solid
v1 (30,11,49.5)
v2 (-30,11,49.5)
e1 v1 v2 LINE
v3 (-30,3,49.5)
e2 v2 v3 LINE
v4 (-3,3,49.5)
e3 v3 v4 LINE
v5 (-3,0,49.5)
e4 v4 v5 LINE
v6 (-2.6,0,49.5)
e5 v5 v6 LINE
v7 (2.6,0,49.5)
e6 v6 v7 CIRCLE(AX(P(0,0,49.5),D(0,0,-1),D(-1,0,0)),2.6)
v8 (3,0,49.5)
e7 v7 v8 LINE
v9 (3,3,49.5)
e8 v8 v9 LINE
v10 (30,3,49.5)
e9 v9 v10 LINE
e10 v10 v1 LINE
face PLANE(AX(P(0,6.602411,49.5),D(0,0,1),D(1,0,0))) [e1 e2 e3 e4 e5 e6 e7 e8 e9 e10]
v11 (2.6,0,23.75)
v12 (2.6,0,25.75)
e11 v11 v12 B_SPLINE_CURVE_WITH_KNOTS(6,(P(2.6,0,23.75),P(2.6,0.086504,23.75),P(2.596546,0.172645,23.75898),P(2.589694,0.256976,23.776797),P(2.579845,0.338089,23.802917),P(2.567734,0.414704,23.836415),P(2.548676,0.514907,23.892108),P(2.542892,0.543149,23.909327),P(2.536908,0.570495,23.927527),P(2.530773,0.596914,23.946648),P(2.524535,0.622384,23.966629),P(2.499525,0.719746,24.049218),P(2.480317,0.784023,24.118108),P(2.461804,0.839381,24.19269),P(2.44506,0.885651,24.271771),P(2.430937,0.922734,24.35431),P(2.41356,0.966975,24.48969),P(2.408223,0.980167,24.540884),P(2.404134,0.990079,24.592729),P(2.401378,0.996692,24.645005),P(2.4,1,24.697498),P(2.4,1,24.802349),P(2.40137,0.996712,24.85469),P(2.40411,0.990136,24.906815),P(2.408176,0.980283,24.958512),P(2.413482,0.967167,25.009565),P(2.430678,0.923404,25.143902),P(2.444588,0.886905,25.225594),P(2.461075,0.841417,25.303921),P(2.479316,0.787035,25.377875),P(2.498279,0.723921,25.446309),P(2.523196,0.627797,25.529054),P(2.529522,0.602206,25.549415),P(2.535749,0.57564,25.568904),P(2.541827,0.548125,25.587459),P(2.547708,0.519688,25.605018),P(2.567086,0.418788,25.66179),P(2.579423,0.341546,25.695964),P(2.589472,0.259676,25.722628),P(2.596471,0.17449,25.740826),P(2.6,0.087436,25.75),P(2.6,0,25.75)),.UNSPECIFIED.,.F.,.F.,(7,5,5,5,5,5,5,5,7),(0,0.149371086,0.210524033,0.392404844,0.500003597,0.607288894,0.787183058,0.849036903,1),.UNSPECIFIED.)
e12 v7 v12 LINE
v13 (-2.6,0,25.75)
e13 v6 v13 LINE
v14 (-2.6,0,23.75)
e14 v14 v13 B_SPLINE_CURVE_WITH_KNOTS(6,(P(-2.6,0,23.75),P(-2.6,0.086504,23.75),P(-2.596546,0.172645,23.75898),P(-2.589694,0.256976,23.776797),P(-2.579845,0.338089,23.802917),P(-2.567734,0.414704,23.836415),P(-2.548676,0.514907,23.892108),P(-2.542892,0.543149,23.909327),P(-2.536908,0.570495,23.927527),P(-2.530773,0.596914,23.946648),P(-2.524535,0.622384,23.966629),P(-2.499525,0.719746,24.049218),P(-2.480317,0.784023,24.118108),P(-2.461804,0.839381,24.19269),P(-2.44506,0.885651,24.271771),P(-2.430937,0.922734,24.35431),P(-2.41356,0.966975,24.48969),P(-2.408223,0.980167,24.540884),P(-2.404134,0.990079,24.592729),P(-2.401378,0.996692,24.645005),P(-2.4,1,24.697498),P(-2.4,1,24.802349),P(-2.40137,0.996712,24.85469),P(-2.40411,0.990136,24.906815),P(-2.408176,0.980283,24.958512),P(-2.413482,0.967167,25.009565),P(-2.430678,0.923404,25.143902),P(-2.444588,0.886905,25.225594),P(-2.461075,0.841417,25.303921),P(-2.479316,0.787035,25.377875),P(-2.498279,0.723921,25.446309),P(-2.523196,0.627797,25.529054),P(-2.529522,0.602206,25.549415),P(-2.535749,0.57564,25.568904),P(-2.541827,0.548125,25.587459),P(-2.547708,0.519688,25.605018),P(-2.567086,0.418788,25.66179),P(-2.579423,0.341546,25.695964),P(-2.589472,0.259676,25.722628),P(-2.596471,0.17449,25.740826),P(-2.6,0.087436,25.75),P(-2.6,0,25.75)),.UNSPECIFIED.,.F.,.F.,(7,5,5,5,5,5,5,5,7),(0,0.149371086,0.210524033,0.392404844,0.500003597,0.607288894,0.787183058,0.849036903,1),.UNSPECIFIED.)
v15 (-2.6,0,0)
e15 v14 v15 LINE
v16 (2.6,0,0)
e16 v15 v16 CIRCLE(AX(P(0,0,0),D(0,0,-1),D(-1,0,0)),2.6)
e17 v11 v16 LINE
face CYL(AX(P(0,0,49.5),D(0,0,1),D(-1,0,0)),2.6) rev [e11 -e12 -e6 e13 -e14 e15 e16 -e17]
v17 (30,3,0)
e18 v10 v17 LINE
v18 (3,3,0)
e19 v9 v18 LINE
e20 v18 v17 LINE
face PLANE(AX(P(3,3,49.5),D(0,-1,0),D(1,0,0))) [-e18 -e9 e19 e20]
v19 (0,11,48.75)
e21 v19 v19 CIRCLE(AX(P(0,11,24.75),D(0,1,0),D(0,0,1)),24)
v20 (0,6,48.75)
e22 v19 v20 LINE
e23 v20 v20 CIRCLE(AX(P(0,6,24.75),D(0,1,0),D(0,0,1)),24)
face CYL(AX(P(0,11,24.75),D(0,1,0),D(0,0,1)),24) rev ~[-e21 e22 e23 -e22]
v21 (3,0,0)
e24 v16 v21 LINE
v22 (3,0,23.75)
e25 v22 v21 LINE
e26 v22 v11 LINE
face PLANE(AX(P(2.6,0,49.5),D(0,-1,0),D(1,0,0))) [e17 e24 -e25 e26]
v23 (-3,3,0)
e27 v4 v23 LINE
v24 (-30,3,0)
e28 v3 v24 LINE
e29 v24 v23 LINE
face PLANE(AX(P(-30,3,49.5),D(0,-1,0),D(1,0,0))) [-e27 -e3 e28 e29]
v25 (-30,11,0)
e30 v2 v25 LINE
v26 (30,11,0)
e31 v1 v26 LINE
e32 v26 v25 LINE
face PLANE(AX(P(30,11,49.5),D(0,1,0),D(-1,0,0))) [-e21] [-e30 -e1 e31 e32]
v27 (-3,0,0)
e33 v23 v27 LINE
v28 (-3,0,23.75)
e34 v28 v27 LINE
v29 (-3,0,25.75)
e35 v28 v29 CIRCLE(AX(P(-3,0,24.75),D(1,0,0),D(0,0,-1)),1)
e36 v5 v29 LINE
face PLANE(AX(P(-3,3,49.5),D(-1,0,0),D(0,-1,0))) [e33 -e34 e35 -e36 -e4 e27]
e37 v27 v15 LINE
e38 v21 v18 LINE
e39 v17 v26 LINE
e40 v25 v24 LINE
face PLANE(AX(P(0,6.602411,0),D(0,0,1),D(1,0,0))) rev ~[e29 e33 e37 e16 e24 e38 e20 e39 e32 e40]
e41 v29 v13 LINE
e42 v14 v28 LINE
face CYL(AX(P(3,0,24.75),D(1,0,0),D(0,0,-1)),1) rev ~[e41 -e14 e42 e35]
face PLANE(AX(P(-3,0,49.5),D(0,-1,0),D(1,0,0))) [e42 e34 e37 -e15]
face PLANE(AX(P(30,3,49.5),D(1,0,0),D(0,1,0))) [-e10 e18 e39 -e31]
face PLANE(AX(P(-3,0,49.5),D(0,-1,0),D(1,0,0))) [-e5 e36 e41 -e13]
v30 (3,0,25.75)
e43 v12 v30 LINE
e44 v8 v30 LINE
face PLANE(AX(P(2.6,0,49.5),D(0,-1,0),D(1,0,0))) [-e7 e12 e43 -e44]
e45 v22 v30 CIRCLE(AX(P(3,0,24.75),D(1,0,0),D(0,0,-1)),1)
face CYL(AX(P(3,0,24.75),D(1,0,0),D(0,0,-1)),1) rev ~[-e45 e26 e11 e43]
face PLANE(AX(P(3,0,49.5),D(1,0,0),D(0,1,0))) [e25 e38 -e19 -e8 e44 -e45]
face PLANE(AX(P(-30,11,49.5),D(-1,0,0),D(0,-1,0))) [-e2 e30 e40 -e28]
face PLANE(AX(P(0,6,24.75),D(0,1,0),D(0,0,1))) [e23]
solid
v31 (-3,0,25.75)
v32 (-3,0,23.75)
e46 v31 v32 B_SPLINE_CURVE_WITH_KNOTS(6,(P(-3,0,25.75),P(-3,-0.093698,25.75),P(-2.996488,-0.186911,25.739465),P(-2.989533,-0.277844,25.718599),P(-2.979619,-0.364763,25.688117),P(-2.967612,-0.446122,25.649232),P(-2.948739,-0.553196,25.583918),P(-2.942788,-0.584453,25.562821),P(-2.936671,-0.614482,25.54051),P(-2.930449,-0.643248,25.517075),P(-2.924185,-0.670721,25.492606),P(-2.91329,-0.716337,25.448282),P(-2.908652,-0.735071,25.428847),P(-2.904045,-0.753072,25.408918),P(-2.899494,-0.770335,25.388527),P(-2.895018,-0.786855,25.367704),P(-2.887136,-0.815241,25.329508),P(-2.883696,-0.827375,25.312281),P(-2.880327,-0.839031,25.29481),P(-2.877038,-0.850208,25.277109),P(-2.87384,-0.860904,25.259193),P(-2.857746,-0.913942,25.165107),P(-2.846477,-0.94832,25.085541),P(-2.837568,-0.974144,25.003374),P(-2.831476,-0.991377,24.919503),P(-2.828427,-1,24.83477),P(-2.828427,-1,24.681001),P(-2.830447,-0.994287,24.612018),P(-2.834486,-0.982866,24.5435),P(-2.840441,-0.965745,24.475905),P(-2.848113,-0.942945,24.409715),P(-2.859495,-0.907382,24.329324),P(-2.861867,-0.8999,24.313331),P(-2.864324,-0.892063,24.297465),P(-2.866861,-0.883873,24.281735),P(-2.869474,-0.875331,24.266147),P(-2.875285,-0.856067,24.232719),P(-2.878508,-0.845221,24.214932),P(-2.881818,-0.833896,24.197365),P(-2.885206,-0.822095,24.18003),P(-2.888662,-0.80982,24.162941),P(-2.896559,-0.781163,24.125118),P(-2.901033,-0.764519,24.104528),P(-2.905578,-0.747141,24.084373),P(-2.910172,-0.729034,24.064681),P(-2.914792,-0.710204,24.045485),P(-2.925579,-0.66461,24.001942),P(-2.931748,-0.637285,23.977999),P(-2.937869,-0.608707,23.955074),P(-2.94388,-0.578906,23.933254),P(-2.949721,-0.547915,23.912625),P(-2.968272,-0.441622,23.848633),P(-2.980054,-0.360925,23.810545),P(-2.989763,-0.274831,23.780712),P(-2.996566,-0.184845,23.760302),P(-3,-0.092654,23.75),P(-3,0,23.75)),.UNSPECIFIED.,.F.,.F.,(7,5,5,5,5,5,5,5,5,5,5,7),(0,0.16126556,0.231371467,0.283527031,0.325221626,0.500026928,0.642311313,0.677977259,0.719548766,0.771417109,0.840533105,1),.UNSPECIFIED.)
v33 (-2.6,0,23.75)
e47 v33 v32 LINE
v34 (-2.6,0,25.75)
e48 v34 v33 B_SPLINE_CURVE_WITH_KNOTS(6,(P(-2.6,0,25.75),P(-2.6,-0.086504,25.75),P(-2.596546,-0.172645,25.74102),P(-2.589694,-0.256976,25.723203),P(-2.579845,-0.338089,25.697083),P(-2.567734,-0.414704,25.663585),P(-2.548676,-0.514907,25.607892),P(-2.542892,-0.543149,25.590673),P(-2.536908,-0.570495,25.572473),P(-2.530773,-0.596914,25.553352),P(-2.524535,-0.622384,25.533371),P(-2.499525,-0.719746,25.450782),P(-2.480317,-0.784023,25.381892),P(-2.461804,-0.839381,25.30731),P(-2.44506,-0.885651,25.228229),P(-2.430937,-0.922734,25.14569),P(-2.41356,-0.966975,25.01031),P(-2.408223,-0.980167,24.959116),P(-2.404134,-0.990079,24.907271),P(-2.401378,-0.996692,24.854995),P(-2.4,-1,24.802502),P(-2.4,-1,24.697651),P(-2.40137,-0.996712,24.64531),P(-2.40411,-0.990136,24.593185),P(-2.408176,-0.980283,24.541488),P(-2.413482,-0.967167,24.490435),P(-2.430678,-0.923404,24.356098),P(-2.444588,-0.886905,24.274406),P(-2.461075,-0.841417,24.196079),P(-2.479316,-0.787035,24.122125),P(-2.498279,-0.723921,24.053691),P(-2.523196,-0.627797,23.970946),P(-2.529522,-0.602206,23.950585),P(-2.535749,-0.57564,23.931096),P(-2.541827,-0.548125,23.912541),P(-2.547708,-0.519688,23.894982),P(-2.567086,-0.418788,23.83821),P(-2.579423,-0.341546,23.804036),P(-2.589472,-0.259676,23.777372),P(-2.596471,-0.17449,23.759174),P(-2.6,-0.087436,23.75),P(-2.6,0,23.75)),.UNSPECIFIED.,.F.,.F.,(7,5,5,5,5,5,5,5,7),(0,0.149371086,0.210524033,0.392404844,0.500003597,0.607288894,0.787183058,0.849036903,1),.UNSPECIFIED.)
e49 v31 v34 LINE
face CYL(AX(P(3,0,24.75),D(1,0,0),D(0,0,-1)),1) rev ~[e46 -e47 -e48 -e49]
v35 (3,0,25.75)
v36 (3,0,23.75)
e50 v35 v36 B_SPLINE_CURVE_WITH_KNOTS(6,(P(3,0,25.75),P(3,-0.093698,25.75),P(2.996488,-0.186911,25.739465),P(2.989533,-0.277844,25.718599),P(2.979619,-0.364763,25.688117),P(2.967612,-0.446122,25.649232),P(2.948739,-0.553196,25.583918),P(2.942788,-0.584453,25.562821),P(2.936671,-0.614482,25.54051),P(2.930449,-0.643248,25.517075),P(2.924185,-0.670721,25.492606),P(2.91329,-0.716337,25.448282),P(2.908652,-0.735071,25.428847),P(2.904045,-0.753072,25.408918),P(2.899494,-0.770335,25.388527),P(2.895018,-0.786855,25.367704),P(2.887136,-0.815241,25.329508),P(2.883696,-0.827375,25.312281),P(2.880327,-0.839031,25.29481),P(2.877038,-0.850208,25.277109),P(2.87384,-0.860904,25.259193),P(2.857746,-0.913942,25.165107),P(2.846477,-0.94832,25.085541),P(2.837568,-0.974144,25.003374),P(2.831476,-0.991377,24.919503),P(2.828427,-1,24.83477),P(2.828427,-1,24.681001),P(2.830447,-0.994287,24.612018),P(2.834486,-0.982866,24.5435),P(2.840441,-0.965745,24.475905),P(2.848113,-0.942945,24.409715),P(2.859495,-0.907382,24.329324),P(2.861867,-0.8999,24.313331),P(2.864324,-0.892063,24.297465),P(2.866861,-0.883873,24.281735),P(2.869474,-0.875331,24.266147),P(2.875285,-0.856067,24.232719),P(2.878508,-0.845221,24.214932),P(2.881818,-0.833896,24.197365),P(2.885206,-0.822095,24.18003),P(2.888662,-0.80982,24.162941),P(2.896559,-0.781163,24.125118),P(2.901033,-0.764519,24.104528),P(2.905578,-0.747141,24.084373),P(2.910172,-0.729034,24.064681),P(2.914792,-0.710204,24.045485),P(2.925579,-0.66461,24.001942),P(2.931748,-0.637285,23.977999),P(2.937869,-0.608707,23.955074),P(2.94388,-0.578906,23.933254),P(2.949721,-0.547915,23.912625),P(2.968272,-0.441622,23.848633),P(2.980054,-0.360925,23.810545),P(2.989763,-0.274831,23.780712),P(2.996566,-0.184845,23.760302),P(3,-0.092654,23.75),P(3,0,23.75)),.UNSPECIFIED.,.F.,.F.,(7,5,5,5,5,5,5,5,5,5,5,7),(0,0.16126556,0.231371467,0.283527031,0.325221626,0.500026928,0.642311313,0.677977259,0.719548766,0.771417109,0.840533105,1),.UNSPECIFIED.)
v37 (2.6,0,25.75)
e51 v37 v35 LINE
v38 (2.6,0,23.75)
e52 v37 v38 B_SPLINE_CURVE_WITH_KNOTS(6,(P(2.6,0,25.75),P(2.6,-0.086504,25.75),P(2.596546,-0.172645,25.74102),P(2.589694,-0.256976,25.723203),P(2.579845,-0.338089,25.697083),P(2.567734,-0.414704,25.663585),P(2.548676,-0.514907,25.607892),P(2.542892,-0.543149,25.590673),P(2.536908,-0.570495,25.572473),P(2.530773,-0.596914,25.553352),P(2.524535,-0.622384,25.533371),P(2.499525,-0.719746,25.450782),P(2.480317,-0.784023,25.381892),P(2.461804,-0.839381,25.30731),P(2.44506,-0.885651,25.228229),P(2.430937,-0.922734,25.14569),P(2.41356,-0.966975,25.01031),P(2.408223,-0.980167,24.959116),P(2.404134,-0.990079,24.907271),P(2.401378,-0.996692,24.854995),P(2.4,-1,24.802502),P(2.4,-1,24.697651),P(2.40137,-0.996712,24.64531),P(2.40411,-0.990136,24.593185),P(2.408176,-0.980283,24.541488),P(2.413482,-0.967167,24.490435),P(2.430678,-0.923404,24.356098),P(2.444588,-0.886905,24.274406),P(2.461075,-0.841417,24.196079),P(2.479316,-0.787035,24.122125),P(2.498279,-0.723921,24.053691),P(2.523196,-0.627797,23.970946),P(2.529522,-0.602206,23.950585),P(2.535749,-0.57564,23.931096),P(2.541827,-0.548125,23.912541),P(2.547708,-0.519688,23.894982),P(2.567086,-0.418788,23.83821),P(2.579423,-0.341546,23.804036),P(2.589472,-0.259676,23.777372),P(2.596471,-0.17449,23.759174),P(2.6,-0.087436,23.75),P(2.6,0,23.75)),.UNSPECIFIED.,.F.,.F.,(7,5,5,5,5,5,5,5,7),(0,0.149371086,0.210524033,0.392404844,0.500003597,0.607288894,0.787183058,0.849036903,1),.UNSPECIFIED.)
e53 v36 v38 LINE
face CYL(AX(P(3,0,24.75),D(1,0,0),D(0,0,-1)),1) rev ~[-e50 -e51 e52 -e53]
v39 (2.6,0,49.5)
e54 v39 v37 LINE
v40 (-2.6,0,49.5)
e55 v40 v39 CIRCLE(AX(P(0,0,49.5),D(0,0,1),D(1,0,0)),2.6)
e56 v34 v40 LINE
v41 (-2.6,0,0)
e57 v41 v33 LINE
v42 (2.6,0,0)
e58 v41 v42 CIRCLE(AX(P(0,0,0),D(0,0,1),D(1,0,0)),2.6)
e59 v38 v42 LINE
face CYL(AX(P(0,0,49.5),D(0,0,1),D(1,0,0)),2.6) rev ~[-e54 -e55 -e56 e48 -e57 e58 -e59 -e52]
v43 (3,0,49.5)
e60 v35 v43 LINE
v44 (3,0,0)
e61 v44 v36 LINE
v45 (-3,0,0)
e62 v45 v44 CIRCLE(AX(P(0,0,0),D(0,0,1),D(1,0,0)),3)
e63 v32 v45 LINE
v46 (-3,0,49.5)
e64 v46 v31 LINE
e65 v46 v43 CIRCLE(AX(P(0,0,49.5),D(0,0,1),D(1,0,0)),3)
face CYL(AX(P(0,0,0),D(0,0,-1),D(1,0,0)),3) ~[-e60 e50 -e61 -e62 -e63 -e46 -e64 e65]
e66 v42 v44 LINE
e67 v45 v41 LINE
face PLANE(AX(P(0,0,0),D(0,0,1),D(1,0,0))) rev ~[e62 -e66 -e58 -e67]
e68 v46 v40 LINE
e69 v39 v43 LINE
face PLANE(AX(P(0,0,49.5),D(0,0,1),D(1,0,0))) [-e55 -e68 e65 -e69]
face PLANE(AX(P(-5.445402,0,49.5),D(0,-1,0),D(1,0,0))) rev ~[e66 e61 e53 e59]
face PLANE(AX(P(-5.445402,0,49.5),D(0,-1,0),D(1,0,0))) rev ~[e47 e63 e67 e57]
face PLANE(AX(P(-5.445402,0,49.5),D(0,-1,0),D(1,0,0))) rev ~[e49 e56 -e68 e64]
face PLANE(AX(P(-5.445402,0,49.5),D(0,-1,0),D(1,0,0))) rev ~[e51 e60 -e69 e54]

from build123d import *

# Parameters (mm, degrees)
SKETCH2_R           = 3
BOSS_EXTRUDE1_DEPTH = 49.5
SKETCH4_R           = 2.6
CUT_EXTRUDE1_DEPTH  = 49.5
SKETCH5_W           = 18.579549567
SKETCH5_H           = 4.34209906
CUT_EXTRUDE2_DEPTH  = 49.5
BOSS_EXTRUDE2_DEPTH = 49.5
SKETCH6_R           = 24
CUT_EXTRUDE3_DEPTH  = 5
SKETCH9_R           = 1
CUT_EXTRUDE5_DEPTH  = 10


with BuildPart() as part:
    # Sketch2 → Boss-Extrude1 (new body)
    with BuildSketch(Plane.XY):
        Circle(SKETCH2_R)
    extrude(amount=BOSS_EXTRUDE1_DEPTH)

    # Sketch4 → Cut-Extrude1 (cut)
    with BuildSketch(Plane.XY.offset(49.5)):
        Circle(SKETCH4_R)
    extrude(amount=-CUT_EXTRUDE1_DEPTH, mode=Mode.SUBTRACT)

    # Sketch5 → Cut-Extrude2 (cut)
    with BuildSketch(Plane.XY.offset(49.5)):
        with Locations((3.844372333, 2.17104953)):
            Rectangle(SKETCH5_W, SKETCH5_H)
    extrude(amount=-CUT_EXTRUDE2_DEPTH, mode=Mode.SUBTRACT)


with BuildPart() as body_2:
    # Sketch3 → Boss-Extrude2 (new body)
    with BuildSketch(Plane.XY.offset(49.5)):
        with BuildLine():
            Line((3, 0), (3, 3))
            Line((3, 3), (30, 3))
            Line((30, 3), (30, 11))
            Line((30, 11), (-30, 11))
            Line((-30, 11), (-30, 3))
            Line((-30, 3), (-3, 3))
            Line((-3, 3), (-3, 0))
            Line((-3, 0), (-2.6, 0))
            ThreePointArc((-2.6, 0), (0, 2.6), (2.6, 0))
            Line((2.6, 0), (3, 0))
        make_face()
    extrude(amount=-BOSS_EXTRUDE2_DEPTH)

    # Sketch6 → Cut-Extrude3 (cut)
    with BuildSketch(Plane(origin=(0, 11, 0), x_dir=(1, 0, 0), z_dir=(0, 1, 0))):
        with Locations(Location((0, -24.75, 0), (0, 0, 270))):
            Circle(SKETCH6_R)
    extrude(amount=-CUT_EXTRUDE3_DEPTH, mode=Mode.SUBTRACT)


with BuildPart() as cut_extrude5_tool:
    # Sketch9 → Cut-Extrude5 (new body)
    with BuildSketch(Plane(origin=(3, 0, 0), x_dir=(0, 0, -1), z_dir=(1, 0, 0))):
        with Locations((-24.75, 0)):
            Circle(SKETCH9_R)
    extrude(amount=-CUT_EXTRUDE5_DEPTH)


with BuildPart() as part_1:
    add(part.part)

    # Cut-Extrude5: cut by cut_extrude5_tool
    add(cut_extrude5_tool.part, mode=Mode.SUBTRACT)


with BuildPart() as body_2_1:
    add(body_2.part)

    # Cut-Extrude5: cut by cut_extrude5_tool
    add(cut_extrude5_tool.part, mode=Mode.SUBTRACT)


solid = Compound([part_1.part, body_2_1.part])
